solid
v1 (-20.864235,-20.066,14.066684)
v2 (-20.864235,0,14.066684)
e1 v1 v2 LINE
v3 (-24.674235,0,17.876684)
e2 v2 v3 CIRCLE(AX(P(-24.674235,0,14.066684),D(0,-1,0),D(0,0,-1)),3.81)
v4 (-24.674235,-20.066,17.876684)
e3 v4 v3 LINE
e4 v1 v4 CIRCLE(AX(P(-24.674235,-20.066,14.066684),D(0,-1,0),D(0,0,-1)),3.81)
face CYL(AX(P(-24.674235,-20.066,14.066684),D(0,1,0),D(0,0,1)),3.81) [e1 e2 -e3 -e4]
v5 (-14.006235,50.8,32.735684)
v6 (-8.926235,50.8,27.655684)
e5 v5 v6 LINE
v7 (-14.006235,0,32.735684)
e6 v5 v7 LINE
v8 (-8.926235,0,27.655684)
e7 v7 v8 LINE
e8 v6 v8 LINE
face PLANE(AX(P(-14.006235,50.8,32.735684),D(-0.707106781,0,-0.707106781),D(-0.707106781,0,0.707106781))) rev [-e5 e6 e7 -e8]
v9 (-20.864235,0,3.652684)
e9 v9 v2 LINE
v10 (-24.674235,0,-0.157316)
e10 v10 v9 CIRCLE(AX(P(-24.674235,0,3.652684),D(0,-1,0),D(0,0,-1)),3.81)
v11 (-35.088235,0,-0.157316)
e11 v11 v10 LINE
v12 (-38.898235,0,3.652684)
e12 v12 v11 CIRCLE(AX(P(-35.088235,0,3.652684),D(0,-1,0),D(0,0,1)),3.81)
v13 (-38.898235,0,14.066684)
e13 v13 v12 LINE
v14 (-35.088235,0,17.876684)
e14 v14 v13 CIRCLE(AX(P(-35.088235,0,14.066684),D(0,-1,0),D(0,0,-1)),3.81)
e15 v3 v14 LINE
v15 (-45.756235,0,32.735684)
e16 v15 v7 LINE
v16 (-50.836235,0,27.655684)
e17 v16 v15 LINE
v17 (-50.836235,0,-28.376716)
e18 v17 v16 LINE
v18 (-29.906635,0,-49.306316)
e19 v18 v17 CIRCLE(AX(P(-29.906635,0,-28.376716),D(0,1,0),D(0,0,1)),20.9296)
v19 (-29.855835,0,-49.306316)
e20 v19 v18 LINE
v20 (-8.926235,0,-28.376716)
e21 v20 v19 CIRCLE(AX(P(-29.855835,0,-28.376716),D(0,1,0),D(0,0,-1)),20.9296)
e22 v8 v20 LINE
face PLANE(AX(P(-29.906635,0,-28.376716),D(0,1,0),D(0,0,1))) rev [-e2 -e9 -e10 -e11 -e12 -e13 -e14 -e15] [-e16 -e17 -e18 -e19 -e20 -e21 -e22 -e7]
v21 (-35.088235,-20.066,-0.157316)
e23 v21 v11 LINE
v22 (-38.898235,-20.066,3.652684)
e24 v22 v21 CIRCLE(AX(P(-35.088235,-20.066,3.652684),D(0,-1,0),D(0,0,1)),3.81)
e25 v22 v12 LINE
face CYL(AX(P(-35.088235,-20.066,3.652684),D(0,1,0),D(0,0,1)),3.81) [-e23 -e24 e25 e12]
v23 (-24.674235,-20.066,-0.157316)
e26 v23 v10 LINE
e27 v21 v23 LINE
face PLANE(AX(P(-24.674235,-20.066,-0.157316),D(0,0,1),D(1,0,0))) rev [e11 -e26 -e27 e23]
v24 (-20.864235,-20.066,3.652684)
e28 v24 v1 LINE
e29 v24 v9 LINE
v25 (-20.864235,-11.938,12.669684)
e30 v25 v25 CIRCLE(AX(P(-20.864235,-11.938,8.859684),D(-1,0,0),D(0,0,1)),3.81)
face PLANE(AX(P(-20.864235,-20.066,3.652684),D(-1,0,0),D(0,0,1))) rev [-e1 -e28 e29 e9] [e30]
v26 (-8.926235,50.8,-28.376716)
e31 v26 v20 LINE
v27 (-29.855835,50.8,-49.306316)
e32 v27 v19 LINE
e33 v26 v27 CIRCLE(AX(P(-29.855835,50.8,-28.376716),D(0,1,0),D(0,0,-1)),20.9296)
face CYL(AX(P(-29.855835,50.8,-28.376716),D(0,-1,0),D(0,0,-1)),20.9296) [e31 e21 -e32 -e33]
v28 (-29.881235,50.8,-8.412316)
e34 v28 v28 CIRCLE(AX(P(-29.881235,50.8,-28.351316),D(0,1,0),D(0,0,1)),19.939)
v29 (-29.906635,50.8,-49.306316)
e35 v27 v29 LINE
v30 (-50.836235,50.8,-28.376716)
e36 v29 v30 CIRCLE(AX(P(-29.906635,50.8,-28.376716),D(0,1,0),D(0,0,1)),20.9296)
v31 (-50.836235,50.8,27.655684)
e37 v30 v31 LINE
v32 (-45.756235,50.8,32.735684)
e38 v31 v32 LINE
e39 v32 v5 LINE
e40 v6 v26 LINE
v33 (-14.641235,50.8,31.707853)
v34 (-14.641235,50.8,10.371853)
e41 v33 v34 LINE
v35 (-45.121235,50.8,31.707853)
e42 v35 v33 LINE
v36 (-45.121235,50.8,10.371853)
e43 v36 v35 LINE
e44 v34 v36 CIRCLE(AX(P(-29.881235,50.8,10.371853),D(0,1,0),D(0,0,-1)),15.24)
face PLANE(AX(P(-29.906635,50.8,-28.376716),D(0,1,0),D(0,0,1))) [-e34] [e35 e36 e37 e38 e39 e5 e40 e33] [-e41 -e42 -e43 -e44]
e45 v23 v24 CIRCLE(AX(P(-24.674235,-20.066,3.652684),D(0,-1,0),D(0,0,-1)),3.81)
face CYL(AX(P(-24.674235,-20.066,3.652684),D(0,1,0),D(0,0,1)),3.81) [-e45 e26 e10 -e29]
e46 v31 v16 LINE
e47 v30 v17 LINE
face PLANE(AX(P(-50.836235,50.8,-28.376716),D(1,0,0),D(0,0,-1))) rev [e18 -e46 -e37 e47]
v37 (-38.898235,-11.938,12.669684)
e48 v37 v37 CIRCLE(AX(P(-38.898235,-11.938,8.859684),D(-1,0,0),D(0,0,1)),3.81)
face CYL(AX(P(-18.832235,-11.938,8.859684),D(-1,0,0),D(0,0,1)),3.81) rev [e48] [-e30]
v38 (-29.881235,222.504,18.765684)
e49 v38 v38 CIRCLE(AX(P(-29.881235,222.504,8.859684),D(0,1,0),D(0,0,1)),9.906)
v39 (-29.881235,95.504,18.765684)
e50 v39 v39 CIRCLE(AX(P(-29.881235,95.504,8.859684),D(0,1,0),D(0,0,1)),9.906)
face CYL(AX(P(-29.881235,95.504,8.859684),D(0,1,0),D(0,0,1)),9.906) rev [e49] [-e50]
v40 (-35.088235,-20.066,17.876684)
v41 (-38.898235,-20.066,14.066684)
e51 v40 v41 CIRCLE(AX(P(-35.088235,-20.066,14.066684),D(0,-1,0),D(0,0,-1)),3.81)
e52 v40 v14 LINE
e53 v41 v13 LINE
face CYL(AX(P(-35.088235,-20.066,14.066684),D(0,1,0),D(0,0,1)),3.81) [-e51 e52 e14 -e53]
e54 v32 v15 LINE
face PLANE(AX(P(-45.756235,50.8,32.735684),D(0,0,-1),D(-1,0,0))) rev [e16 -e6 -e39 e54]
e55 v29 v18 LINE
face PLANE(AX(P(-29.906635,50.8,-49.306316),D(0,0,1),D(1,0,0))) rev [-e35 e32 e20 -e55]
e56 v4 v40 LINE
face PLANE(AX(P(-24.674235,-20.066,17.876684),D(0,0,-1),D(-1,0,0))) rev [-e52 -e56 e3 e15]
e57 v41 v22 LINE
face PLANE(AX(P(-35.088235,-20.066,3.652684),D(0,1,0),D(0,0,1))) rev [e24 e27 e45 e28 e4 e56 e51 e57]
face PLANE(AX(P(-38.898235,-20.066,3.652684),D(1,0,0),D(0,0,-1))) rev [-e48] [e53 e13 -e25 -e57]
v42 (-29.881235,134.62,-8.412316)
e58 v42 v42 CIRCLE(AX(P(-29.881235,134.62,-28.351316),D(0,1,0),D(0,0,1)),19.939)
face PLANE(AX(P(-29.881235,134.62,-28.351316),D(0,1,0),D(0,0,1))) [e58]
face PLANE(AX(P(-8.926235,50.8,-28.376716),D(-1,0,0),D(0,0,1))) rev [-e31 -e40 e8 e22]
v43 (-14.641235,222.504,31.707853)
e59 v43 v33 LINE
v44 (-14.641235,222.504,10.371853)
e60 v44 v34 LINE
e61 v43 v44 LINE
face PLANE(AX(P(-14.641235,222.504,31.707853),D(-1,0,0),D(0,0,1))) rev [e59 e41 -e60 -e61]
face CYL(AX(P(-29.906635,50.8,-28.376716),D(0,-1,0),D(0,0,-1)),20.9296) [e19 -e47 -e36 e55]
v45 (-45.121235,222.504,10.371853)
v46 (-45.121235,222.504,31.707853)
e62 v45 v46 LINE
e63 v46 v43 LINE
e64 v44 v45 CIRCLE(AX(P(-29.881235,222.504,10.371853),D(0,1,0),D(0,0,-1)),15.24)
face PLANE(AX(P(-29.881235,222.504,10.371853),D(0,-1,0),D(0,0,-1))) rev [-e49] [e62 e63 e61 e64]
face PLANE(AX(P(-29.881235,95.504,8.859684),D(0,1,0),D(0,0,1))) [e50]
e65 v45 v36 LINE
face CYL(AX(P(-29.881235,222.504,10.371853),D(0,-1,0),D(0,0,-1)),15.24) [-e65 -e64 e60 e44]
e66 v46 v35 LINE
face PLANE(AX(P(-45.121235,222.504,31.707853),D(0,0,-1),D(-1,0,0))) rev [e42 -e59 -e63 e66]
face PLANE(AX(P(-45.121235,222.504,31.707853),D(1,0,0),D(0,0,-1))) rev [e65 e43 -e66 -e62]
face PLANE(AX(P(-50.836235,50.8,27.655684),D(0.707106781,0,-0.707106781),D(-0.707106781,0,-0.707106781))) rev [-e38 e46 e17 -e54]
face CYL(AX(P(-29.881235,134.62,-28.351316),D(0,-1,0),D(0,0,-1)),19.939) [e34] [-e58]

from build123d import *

# Parameters (mm, degrees)
BOSS_EXTRUDE1_DEPTH = 50.8
SKETCH2_R           = 19.939
BOSS_EXTRUDE2_DEPTH = 83.82
BOSS_EXTRUDE3_DEPTH = 171.704
BOSS_EXTRUDE4_DEPTH = 20.066
SKETCH5_R           = 3.81
CUT_EXTRUDE1_DEPTH  = 20.066
SKETCH6_R           = 9.906
CUT_EXTRUDE2_DEPTH  = 127


with BuildPart() as part:
    # Sketch1 → Boss-Extrude1 (new body)
    with BuildSketch(Plane(origin=(0, 0, 0), x_dir=(1, 0, 0), z_dir=(0, 1, 0))):
        with BuildLine():
            Line((-50.83623546, -27.655683544), (-45.75623546, -32.735683544))
            Line((-45.75623546, -32.735683544), (-14.00623546, -32.735683544))
            Line((-14.00623546, -32.735683544), (-8.92623546, -27.655683544))
            Line((-8.92623546, -27.655683544), (-8.92623546, 28.376716456))
            ThreePointArc((-8.92623546, 28.376716456), (-15.056373373, 43.176178544), (-29.85583546, 49.306316456))
            Line((-29.85583546, 49.306316456), (-29.90663546, 49.306316456))
            ThreePointArc((-29.90663546, 49.306316456), (-44.706097548, 43.176178544), (-50.83623546, 28.376716456))
            Line((-50.83623546, 28.376716456), (-50.83623546, -27.655683544))
        make_face()
    extrude(amount=BOSS_EXTRUDE1_DEPTH)

    # Sketch2 → Boss-Extrude2 (add)
    with BuildSketch(Plane(origin=(0, 50.8, 0), x_dir=(1, 0, 0), z_dir=(0, 1, 0))):
        with Locations((-29.88123546, 28.351316456)):
            Circle(SKETCH2_R)
    extrude(amount=BOSS_EXTRUDE2_DEPTH)

    # Sketch3 → Boss-Extrude3 (add)
    with BuildSketch(Plane(origin=(0, 50.8, 0), x_dir=(1, 0, 0), z_dir=(0, 1, 0))):
        with BuildLine():
            Line((-45.12123546, -31.707852889), (-14.64123546, -31.707852889))
            Line((-14.64123546, -31.707852889), (-14.64123546, -10.371852889))
            ThreePointArc((-14.64123546, -10.371852889), (-29.88123546, 4.868147111), (-45.12123546, -10.371852889))
            Line((-45.12123546, -10.371852889), (-45.12123546, -31.707852889))
        make_face()
    extrude(amount=BOSS_EXTRUDE3_DEPTH)

    # Sketch4 → Boss-Extrude4 (add)
    with BuildSketch(Plane(origin=(0, 0, 0), x_dir=(-1, 0, 0), z_dir=(0, -1, 0))):
        with BuildLine():
            Line((24.67423546, 0.157316456), (35.08823546, 0.157316456))
            ThreePointArc((35.08823546, 0.157316456), (37.782312297, -0.958606708), (38.89823546, -3.652683544))
            Line((38.89823546, -3.652683544), (38.89823546, -14.066683544))
            ThreePointArc((38.89823546, -14.066683544), (37.782312297, -16.76076038), (35.08823546, -17.876683544))
            Line((35.08823546, -17.876683544), (24.67423546, -17.876683544))
            ThreePointArc((24.67423546, -17.876683544), (21.980158624, -16.76076038), (20.86423546, -14.066683544))
            Line((20.86423546, -14.066683544), (20.86423546, -3.652683544))
            ThreePointArc((20.86423546, -3.652683544), (21.980158624, -0.958606708), (24.67423546, 0.157316456))
        make_face()
    extrude(amount=BOSS_EXTRUDE4_DEPTH)

    # Sketch5 → Cut-Extrude1 (cut)
    with BuildSketch(Plane.ZY.offset(38.89823546)):
        with Locations((8.859683544, -11.938)):
            Circle(SKETCH5_R)
    extrude(amount=-CUT_EXTRUDE1_DEPTH, mode=Mode.SUBTRACT)

    # Sketch6 → Cut-Extrude2 (cut)
    with BuildSketch(Plane(origin=(0, 222.504, 0), x_dir=(1, 0, 0), z_dir=(0, 1, 0))):
        with Locations((-29.88123546, -8.859683544)):
            Circle(SKETCH6_R)
    extrude(amount=-CUT_EXTRUDE2_DEPTH, mode=Mode.SUBTRACT)


solid = part.part
